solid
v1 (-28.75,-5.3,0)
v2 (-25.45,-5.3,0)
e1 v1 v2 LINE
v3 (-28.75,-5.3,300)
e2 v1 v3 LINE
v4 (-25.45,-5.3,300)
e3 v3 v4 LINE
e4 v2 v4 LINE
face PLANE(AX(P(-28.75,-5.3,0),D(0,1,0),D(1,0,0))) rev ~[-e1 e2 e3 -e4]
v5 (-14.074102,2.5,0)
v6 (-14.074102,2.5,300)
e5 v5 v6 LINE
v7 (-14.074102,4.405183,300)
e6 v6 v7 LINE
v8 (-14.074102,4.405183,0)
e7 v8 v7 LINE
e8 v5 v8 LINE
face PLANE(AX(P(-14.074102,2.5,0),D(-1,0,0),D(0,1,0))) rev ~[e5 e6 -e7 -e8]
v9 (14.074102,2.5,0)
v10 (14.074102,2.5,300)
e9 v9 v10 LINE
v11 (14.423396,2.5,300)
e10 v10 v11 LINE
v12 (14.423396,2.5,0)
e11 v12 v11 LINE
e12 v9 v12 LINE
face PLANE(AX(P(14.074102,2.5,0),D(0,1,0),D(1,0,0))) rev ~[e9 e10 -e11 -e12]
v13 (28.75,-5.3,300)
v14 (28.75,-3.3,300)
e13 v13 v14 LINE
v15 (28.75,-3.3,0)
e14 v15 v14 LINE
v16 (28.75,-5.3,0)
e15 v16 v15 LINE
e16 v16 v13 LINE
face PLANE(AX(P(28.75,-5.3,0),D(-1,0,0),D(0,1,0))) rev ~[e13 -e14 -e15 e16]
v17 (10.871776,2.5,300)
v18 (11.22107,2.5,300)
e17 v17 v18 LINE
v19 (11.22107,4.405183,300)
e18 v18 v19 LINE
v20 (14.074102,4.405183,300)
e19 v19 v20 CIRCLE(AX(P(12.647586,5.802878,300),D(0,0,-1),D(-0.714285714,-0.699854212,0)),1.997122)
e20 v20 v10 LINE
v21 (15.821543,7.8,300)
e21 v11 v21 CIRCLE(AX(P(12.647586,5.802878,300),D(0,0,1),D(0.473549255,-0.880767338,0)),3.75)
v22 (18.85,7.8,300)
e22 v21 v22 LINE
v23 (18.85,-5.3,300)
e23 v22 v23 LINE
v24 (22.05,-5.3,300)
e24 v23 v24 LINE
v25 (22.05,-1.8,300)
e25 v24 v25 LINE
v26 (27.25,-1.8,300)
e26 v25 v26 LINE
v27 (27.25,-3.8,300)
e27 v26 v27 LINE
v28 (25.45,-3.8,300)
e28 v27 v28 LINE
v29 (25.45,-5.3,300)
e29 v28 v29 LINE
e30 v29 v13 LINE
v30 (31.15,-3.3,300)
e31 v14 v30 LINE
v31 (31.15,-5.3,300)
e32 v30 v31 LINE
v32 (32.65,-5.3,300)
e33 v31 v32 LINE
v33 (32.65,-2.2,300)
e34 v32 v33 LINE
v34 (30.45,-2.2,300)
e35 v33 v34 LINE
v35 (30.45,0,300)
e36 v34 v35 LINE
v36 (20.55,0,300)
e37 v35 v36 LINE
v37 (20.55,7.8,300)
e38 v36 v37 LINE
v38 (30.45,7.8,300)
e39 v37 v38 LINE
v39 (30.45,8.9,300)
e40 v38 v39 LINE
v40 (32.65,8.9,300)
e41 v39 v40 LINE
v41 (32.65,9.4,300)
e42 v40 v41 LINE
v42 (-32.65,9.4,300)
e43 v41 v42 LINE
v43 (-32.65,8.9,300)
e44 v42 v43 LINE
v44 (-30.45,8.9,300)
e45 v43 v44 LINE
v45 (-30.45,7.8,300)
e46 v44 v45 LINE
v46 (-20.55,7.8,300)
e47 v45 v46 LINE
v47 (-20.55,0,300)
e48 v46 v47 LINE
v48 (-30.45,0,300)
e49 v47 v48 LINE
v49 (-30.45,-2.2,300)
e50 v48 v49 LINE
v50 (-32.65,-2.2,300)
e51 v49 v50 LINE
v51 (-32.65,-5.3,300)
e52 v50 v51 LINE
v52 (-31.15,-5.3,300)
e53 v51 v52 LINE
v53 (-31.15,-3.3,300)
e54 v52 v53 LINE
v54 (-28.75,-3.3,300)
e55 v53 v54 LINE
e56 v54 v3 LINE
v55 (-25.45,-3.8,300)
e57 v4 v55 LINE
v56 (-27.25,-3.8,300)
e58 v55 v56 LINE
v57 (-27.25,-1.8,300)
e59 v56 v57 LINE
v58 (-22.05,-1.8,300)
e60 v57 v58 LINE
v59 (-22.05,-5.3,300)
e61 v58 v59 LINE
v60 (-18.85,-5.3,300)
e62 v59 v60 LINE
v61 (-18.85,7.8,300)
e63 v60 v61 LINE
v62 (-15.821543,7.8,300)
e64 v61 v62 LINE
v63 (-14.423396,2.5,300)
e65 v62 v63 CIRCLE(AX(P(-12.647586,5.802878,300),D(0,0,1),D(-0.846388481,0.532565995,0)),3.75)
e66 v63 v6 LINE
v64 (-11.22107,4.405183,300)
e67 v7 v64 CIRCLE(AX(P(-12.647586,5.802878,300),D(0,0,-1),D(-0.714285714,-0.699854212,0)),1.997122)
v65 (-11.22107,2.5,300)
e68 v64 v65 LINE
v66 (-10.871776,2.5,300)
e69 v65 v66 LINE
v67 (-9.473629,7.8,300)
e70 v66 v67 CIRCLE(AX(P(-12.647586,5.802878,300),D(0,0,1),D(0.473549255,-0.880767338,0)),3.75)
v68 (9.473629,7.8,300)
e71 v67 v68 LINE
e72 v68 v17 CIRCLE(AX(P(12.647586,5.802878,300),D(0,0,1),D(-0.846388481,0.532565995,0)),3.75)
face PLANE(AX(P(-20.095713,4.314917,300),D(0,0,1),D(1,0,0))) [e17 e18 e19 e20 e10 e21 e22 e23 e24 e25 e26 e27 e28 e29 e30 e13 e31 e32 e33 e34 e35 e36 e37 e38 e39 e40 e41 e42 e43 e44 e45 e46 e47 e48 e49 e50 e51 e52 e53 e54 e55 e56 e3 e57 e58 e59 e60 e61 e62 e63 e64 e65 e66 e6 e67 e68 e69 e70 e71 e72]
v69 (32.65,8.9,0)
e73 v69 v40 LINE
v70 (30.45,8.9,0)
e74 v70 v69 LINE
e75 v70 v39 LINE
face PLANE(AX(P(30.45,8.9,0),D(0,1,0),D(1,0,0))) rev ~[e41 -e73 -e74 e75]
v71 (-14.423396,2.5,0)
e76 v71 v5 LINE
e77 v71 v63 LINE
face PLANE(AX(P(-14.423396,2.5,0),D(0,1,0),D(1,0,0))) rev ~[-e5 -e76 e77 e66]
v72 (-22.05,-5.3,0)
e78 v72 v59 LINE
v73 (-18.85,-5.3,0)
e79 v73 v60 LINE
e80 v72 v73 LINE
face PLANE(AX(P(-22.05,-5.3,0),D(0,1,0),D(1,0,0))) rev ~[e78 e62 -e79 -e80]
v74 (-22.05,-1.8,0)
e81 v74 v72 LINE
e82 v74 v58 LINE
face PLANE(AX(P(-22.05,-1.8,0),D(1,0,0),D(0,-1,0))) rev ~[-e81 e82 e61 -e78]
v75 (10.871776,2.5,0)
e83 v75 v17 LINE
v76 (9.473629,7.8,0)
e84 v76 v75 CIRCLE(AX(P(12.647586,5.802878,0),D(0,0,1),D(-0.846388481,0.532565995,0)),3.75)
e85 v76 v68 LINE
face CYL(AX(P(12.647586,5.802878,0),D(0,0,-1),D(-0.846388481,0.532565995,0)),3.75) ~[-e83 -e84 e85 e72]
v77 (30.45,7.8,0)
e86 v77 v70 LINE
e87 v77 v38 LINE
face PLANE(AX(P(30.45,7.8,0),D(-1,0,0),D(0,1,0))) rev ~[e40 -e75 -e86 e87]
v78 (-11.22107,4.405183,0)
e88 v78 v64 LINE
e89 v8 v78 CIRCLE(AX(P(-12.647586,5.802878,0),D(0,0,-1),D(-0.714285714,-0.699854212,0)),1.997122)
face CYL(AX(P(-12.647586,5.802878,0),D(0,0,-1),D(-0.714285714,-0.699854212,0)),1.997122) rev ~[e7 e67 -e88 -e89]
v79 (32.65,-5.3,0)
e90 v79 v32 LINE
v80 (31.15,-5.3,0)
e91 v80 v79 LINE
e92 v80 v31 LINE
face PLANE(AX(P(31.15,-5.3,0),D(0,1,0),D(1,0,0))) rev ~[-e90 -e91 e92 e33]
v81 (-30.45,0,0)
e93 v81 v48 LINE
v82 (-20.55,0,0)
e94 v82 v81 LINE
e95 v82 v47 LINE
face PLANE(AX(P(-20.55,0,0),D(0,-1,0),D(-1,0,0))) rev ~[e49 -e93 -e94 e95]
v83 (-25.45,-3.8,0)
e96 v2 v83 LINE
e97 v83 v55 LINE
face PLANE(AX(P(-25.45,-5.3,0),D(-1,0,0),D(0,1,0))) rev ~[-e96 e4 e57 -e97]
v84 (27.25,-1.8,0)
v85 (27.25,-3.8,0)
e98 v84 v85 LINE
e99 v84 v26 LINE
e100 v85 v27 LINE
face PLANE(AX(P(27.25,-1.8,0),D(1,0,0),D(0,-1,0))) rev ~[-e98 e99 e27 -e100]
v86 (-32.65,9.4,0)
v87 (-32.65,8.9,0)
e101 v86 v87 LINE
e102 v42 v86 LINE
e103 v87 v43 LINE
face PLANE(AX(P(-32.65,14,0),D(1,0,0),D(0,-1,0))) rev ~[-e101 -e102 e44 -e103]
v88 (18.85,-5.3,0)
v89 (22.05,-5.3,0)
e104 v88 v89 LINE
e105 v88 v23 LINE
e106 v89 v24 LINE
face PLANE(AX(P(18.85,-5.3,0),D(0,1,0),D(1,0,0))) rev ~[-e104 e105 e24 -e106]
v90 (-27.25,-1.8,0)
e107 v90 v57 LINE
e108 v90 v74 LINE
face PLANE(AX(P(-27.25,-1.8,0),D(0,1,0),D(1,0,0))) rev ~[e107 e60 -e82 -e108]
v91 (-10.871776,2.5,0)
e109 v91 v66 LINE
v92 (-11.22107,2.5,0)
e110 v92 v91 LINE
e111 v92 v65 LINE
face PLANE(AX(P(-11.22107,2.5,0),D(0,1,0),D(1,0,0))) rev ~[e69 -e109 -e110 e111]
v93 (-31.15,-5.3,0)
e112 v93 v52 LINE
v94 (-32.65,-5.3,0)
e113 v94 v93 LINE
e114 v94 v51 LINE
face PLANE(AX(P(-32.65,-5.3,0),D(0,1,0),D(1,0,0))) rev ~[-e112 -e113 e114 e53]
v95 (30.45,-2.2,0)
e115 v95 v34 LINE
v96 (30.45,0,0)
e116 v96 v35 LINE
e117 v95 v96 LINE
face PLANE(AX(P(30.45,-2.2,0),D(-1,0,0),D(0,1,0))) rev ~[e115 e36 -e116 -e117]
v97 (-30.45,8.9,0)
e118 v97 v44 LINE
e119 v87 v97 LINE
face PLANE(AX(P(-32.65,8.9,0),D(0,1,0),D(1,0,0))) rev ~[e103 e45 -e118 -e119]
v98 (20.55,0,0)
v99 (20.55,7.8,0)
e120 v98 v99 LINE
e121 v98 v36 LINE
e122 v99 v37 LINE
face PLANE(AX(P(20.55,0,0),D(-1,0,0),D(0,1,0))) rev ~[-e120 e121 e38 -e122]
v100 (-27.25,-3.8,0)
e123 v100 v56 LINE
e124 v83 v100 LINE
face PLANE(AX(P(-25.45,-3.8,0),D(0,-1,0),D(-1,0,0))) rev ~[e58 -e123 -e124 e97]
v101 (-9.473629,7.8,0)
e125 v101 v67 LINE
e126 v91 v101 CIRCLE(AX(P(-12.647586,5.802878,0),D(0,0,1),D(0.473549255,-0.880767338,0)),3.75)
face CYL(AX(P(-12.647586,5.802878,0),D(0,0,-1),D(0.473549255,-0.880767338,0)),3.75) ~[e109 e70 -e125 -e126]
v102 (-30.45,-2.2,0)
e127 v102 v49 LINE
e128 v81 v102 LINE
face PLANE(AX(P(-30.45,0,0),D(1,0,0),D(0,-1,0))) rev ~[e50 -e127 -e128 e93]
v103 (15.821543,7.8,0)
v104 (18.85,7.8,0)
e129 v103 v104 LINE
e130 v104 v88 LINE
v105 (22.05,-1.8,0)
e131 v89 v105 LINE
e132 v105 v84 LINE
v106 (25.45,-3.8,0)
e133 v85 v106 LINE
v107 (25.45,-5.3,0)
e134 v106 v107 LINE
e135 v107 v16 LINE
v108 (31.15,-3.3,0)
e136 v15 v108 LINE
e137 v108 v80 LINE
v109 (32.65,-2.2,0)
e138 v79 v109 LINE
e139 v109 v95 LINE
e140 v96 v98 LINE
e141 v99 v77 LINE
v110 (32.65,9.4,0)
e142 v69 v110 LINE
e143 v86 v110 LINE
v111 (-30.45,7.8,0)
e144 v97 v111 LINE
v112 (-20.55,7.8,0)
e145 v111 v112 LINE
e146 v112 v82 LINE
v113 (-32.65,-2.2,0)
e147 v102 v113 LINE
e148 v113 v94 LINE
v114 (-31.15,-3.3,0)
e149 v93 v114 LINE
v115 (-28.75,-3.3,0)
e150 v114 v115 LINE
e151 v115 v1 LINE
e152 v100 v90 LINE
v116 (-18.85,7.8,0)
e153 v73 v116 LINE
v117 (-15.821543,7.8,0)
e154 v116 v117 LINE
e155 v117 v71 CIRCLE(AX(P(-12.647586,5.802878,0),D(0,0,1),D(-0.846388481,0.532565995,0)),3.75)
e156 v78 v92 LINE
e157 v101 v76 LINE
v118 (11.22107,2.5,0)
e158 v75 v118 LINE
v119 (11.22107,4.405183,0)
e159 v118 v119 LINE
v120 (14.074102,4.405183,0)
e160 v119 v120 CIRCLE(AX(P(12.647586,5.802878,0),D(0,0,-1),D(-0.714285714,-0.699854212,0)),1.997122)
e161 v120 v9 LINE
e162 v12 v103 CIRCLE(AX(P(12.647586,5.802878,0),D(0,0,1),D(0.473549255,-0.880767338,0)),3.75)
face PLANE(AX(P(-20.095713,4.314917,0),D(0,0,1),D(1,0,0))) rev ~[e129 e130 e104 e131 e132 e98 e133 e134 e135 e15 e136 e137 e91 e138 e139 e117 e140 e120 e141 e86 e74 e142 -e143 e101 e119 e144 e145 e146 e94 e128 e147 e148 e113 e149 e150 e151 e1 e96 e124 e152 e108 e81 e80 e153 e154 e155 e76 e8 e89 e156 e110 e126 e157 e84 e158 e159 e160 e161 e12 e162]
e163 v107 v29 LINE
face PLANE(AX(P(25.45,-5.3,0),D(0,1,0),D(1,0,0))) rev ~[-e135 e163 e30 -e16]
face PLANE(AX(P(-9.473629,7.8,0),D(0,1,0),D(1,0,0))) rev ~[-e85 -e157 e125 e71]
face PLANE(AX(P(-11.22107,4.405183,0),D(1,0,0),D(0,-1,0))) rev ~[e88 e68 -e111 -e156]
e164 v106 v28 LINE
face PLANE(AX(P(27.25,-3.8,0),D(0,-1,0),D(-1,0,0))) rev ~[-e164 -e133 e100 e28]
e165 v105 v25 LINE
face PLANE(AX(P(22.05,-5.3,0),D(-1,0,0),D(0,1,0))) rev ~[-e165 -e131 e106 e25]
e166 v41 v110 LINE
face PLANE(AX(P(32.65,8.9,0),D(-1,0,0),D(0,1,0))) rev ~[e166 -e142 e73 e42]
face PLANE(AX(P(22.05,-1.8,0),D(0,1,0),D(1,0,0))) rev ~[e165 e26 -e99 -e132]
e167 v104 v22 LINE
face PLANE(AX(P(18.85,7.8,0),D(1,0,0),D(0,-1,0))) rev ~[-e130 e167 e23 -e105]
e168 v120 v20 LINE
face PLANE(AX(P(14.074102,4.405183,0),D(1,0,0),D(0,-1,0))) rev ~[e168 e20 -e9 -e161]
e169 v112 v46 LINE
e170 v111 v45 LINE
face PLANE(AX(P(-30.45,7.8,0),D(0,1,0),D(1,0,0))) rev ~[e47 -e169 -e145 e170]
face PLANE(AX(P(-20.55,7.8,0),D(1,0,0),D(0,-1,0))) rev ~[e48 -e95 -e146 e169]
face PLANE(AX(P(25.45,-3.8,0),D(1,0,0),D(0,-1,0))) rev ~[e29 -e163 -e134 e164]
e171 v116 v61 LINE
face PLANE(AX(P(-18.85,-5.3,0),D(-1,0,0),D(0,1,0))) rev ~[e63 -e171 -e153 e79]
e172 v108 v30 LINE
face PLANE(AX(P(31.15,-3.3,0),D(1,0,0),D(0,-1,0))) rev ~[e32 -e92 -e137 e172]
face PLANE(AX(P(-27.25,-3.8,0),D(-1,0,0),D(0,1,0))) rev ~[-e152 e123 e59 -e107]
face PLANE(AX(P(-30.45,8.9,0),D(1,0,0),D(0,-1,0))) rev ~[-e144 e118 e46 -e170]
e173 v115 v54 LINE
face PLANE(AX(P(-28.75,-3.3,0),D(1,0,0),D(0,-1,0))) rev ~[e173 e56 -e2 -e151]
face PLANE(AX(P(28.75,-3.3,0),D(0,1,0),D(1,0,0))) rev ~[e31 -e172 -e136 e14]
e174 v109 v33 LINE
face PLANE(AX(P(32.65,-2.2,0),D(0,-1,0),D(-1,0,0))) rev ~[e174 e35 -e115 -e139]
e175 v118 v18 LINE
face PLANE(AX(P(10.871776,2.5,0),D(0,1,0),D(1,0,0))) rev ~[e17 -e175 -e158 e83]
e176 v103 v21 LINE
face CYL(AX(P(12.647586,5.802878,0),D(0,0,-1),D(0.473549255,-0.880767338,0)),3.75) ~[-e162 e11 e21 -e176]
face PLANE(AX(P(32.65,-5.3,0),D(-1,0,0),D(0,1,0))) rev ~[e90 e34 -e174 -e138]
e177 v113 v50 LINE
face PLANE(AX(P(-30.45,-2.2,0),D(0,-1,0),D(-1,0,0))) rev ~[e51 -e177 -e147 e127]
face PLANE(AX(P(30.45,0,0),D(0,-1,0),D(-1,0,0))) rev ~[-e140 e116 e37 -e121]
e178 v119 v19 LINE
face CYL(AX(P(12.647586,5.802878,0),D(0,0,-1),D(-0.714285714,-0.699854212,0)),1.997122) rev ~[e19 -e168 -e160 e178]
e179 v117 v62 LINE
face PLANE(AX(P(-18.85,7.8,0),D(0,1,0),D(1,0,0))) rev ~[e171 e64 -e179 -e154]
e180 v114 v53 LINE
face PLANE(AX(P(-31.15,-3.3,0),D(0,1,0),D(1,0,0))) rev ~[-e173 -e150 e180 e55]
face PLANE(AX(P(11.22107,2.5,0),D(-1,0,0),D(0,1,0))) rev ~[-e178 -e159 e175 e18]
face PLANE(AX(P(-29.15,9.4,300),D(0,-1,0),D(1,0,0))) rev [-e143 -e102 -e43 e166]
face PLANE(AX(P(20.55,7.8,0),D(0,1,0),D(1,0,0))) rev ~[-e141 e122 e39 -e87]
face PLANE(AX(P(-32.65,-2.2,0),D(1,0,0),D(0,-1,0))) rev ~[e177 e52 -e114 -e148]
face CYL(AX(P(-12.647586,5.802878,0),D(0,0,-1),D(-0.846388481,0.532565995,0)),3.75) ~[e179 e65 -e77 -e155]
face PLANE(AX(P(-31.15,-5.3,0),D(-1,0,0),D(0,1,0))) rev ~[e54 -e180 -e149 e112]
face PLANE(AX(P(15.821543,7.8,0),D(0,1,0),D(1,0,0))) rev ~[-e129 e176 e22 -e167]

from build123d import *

# Parameters (mm, degrees)
ESTRUSIONE_ESTRUSIONE1_DEPTH = 300
SCHIZZO2_W                   = 3.5
SCHIZZO2_H                   = 4.6
TAGLIO_ESTRUSIONE1_DEPTH     = 303.096048468


with BuildPart() as part:
    # Schizzo1 → Estrusione-Estrusione1 (new body)
    with BuildSketch(Plane.XY):
        with BuildLine():
            Line((-30.15, 14), (-32.65, 14))
            Line((-32.65, 14), (-32.65, 8.9))
            Line((-32.65, 8.9), (-30.45, 8.9))
            Line((-30.45, 8.9), (-30.45, 7.8))
            Line((-30.45, 7.8), (-20.55, 7.8))
            Line((-20.55, 7.8), (-20.55, 0))
            Line((-20.55, 0), (-30.45, 0))
            Line((-30.45, 0), (-30.45, -2.2))
            Line((-30.45, -2.2), (-32.65, -2.2))
            Line((-32.65, -2.2), (-32.65, -5.3))
            Line((-32.65, -5.3), (-31.15, -5.3))
            Line((-31.15, -5.3), (-31.15, -3.3))
            Line((-31.15, -3.3), (-28.75, -3.3))
            Line((-28.75, -3.3), (-28.75, -5.3))
            Line((-28.75, -5.3), (-25.45, -5.3))
            Line((-25.45, -5.3), (-25.45, -3.8))
            Line((-25.45, -3.8), (-27.25, -3.8))
            Line((-27.25, -3.8), (-27.25, -1.8))
            Line((-27.25, -1.8), (-22.05, -1.8))
            Line((-22.05, -1.8), (-22.05, -5.3))
            Line((-22.05, -5.3), (-18.85, -5.3))
            Line((-18.85, -5.3), (-18.85, 7.8))
            Line((-18.85, 7.8), (-15.821542758, 7.8))
            ThreePointArc((-15.821542758, 7.8), (-16.273540604, 4.846345824), (-14.423395659, 2.5))
            Line((-14.423395659, 2.5), (-14.074102014, 2.5))
            Line((-14.074102014, 2.5), (-14.074102014, 4.405182935))
            ThreePointArc((-14.074102014, 4.405182935), (-12.647585955, 7.8), (-11.221069895, 4.405182935))
            Line((-11.221069895, 4.405182935), (-11.221069895, 2.5))
            Line((-11.221069895, 2.5), (-10.87177625, 2.5))
            ThreePointArc((-10.87177625, 2.5), (-9.021631305, 4.846345824), (-9.473629151, 7.8))
            Line((-9.473629151, 7.8), (0, 7.8))
            Line((0, 7.8), (0, 9.4))
            Line((0, 9.4), (-29.15, 9.4))
            Line((-29.15, 9.4), (-29.15, 10.5))
            Line((-29.15, 10.5), (-30.15, 10.5))
            Line((-30.15, 10.5), (-30.15, 14))
        make_face()
        with BuildLine():
            Line((29.15, 9.4), (0, 9.4))
            Line((0, 9.4), (0, 7.8))
            Line((0, 7.8), (9.473629151, 7.8))
            ThreePointArc((9.473629151, 7.8), (9.021631305, 4.846345824), (10.87177625, 2.5))
            Line((10.87177625, 2.5), (11.221069895, 2.5))
            Line((11.221069895, 2.5), (11.221069895, 4.405182935))
            ThreePointArc((11.221069895, 4.405182935), (12.647585955, 7.8), (14.074102014, 4.405182935))
            Line((14.074102014, 4.405182935), (14.074102014, 2.5))
            Line((14.074102014, 2.5), (14.423395659, 2.5))
            ThreePointArc((14.423395659, 2.5), (16.273540604, 4.846345824), (15.821542758, 7.8))
            Line((15.821542758, 7.8), (18.85, 7.8))
            Line((18.85, 7.8), (18.85, -5.3))
            Line((18.85, -5.3), (22.05, -5.3))
            Line((22.05, -5.3), (22.05, -1.8))
            Line((22.05, -1.8), (27.25, -1.8))
            Line((27.25, -1.8), (27.25, -3.8))
            Line((27.25, -3.8), (25.45, -3.8))
            Line((25.45, -3.8), (25.45, -5.3))
            Line((25.45, -5.3), (28.75, -5.3))
            Line((28.75, -5.3), (28.75, -3.3))
            Line((28.75, -3.3), (31.15, -3.3))
            Line((31.15, -3.3), (31.15, -5.3))
            Line((31.15, -5.3), (32.65, -5.3))
            Line((32.65, -5.3), (32.65, -2.2))
            Line((32.65, -2.2), (30.45, -2.2))
            Line((30.45, -2.2), (30.45, 0))
            Line((30.45, 0), (20.55, 0))
            Line((20.55, 0), (20.55, 7.8))
            Line((20.55, 7.8), (30.45, 7.8))
            Line((30.45, 7.8), (30.45, 8.9))
            Line((30.45, 8.9), (32.65, 8.9))
            Line((32.65, 8.9), (32.65, 14))
            Line((32.65, 14), (30.15, 14))
            Line((30.15, 14), (30.15, 10.5))
            Line((30.15, 10.5), (29.15, 10.5))
            Line((29.15, 10.5), (29.15, 9.4))
        make_face()
    extrude(amount=ESTRUSIONE_ESTRUSIONE1_DEPTH)

    # Schizzo2 → Taglio-Estrusione1 (cut, through all)
    with BuildSketch(Plane.XY.offset(300)):
        with Locations((30.9, 11.7)):
            Rectangle(SCHIZZO2_W, SCHIZZO2_H)
    taglio_estrusione1 = extrude(amount=-TAGLIO_ESTRUSIONE1_DEPTH, mode=Mode.SUBTRACT)

    # Specchia1: Taglio-Estrusione1 across plane
    add(taglio_estrusione1.mirror(Plane(origin=(0, 0, 0), x_dir=(0, 0, 1), z_dir=(1, 0, 0))), mode=Mode.SUBTRACT)


solid = part.part
